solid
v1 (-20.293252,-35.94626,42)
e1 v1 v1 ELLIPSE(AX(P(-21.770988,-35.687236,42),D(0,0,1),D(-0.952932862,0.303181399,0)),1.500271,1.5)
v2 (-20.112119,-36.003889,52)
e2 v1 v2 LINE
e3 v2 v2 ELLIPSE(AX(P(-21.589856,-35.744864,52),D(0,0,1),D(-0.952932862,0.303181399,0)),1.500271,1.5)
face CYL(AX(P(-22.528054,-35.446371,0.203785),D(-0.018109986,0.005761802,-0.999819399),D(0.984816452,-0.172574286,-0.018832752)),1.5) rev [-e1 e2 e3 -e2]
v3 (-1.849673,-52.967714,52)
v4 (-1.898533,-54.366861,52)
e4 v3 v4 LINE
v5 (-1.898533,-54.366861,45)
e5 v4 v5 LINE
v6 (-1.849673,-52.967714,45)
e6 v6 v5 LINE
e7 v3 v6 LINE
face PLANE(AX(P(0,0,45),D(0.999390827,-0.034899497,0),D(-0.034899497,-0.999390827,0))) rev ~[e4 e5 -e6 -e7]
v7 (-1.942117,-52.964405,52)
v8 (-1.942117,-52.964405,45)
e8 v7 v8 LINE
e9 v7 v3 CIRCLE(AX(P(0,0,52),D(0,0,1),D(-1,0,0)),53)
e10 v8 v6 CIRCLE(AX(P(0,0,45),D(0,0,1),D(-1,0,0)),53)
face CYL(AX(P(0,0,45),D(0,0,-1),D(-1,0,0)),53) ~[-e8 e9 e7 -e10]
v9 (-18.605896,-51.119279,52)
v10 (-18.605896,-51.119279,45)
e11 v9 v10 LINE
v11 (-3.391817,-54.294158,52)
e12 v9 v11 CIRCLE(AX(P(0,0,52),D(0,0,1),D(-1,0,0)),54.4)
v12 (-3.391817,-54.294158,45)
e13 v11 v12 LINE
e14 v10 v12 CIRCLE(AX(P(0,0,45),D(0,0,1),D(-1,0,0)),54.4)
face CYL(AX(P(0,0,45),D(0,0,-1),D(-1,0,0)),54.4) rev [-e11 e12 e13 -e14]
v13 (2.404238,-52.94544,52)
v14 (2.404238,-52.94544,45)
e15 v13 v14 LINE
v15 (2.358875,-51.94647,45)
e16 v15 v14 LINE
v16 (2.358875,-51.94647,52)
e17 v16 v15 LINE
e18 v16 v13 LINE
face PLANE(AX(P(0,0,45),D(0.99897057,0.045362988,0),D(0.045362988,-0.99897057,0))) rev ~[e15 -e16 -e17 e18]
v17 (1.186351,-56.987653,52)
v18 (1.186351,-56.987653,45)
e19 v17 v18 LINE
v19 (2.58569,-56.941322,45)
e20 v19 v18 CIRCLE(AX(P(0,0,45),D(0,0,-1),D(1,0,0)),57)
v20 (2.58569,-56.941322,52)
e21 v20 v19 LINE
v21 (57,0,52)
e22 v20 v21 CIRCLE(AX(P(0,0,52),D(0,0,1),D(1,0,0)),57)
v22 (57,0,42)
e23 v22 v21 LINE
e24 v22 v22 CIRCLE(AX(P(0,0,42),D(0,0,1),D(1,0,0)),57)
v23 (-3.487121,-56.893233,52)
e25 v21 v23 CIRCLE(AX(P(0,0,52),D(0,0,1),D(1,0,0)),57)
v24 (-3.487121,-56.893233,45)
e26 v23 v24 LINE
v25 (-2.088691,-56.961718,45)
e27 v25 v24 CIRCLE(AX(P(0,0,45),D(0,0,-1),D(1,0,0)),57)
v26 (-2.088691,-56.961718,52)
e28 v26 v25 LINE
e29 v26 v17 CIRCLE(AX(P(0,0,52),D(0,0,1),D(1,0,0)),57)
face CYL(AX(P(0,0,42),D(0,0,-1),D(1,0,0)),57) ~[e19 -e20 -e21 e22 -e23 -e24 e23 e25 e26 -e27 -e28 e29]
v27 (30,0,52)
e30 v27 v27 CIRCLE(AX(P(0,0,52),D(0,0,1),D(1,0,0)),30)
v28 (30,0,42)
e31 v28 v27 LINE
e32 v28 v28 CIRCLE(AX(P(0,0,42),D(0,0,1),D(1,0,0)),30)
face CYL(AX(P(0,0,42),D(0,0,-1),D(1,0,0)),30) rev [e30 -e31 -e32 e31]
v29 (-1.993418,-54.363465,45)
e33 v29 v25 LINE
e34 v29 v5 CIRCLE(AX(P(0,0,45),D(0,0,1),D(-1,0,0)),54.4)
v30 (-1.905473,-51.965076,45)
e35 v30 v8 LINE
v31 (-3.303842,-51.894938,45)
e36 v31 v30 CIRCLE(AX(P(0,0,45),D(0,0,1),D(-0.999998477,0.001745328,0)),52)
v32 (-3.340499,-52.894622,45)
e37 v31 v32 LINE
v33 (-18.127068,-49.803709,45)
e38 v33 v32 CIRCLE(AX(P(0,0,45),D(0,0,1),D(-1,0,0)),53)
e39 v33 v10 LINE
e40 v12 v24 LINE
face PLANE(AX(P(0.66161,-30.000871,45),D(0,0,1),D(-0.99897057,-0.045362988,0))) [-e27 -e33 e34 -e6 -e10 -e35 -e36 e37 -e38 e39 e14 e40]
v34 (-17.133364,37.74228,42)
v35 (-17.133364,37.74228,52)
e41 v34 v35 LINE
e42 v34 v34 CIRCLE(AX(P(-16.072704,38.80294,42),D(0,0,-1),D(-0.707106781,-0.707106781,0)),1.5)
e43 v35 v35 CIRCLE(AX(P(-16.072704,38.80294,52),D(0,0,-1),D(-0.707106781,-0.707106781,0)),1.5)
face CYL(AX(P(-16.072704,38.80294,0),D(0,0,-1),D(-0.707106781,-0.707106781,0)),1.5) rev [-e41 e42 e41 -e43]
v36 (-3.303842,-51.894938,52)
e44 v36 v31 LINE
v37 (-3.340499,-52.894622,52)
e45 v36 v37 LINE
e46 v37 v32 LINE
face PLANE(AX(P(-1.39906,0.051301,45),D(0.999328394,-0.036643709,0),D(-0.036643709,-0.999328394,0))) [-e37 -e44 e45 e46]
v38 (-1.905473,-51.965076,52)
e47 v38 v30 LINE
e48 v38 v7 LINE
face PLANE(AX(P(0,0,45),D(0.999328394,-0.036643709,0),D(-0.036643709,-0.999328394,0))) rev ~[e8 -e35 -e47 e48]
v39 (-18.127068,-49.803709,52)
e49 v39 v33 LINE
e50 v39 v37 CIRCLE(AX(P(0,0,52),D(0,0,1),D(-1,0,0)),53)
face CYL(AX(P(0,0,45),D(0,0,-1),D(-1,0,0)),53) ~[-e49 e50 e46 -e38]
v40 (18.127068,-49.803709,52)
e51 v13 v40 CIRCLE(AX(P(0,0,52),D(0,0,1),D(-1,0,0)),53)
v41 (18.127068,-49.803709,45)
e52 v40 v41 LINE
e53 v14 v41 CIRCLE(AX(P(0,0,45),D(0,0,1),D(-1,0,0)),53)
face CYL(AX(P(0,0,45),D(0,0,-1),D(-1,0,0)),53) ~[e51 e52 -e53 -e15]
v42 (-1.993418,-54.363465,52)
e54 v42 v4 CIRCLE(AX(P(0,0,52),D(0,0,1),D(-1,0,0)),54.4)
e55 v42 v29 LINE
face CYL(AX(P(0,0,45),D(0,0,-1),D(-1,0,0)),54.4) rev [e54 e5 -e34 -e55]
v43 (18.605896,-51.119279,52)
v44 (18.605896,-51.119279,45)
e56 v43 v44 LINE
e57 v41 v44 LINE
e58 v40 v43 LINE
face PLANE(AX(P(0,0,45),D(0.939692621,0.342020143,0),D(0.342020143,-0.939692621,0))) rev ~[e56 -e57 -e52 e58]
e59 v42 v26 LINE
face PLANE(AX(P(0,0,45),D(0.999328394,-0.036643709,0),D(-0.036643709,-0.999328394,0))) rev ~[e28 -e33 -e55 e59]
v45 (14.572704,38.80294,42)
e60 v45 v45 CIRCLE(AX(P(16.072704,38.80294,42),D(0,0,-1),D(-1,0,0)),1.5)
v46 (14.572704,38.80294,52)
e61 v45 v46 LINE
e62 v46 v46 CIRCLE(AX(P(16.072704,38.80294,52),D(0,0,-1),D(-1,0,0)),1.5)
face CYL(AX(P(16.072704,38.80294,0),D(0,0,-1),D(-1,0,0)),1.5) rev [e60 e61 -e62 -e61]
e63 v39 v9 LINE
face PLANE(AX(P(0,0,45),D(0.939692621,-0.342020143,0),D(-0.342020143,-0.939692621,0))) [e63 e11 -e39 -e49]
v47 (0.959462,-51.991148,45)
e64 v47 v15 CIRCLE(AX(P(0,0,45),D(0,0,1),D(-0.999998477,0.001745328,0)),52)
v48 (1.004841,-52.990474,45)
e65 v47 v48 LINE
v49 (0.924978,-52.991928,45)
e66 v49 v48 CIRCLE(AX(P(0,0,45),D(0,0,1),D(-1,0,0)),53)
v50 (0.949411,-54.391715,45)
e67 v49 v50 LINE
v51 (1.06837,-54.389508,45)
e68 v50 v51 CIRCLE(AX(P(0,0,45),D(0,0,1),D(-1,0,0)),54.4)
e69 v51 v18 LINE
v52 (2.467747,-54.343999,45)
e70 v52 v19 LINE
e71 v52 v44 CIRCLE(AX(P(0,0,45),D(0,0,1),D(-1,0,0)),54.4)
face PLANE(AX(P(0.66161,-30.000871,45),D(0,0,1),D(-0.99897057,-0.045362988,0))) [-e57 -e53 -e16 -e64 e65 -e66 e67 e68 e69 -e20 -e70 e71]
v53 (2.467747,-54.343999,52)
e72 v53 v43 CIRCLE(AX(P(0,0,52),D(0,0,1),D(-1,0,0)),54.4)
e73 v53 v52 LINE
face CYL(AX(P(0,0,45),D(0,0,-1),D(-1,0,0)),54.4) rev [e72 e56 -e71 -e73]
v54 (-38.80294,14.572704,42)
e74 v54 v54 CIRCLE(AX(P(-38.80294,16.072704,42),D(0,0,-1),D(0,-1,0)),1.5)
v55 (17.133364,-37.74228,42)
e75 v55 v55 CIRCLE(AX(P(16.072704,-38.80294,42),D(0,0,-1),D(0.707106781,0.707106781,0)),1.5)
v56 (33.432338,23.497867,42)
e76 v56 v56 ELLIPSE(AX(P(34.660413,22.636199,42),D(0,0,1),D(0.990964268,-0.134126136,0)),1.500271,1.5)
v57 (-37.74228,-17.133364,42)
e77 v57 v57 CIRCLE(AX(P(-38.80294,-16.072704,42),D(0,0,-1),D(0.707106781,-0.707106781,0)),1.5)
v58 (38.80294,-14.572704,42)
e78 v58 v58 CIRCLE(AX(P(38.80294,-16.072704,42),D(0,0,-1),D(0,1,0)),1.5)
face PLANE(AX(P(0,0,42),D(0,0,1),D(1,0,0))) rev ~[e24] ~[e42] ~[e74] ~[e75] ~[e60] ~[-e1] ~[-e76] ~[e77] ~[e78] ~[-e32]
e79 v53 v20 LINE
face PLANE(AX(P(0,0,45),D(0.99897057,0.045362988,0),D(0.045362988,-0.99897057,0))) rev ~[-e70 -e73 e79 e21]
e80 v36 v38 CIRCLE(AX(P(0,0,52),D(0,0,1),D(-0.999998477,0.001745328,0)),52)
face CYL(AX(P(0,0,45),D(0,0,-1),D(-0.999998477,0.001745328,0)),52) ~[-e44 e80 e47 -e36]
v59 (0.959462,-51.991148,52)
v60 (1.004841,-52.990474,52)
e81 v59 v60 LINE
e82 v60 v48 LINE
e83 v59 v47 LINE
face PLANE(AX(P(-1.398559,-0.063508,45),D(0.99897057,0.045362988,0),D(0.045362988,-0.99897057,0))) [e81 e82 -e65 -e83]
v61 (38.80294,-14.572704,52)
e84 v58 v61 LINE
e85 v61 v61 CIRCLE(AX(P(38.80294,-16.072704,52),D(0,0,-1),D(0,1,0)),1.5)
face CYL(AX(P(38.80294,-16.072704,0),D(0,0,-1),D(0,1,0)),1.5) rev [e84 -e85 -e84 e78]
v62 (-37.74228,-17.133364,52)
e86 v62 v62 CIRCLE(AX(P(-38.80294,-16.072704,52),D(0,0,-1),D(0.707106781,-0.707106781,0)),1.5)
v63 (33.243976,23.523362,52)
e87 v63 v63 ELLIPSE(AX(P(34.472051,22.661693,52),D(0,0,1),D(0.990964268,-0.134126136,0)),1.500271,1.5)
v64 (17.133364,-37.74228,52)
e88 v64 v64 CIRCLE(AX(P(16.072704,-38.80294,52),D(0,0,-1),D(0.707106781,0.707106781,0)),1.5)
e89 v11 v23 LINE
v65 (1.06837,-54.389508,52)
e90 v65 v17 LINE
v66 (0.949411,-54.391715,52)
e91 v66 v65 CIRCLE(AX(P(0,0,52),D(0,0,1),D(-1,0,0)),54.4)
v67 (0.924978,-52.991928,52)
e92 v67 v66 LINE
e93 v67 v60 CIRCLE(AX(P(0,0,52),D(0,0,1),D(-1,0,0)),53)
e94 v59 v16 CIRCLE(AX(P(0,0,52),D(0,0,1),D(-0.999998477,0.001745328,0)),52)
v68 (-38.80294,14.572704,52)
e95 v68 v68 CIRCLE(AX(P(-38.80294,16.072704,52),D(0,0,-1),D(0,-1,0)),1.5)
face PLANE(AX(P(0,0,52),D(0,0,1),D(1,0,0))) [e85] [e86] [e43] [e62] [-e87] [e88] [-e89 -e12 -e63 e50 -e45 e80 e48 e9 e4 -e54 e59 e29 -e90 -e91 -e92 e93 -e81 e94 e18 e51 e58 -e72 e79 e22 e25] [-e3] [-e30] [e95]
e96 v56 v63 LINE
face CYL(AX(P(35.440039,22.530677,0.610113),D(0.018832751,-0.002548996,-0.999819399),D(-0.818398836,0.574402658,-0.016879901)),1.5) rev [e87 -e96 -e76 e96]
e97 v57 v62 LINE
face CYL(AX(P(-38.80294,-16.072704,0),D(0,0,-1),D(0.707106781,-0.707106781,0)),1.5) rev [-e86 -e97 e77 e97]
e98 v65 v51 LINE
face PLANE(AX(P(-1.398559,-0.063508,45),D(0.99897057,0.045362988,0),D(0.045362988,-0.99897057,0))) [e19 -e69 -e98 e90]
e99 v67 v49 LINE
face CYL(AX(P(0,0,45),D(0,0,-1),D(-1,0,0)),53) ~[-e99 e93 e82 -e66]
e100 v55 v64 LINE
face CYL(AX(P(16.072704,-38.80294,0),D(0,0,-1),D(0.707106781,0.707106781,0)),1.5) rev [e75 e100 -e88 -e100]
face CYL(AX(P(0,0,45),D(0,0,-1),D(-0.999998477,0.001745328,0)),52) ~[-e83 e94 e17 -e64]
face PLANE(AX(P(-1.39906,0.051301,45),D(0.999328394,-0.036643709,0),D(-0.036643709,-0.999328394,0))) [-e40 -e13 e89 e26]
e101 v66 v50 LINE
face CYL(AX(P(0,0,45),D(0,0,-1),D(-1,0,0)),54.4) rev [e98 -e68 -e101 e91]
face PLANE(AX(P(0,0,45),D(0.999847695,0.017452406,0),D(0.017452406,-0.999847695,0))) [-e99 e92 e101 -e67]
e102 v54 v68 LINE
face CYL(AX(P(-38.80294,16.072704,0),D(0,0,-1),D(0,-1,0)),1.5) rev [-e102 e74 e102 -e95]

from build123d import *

# Parameters (mm, degrees)
CYLINDER689_R               = 52
CYLINDER689_DEPTH           = 7
BOX302_W                    = 1.4
BOX302_H                    = 60
BOX302_DEPTH                = 7
BOX302_PLACEMENT_ANGLE      = 2.7
BOX301_W                    = 1.4
BOX301_H                    = 60
BOX301_DEPTH                = 7
BOX301_PLACEMENT_ANGLE      = 2
CUT310_PLACEMENT_ANGLE      = 179.9
BOX306_W                    = 60
BOX306_H                    = 60
BOX306_DEPTH                = 7
BOX306_PLACEMENT_ANGLE      = 1
BOX305_W                    = 60
BOX305_H                    = 60
BOX305_DEPTH                = 7
BOX305_PLACEMENT_ANGLE      = 2
BOX304_W                    = 120
BOX304_H                    = 60
BOX304_DEPTH                = 7
TUBE074_R                   = 54.4
TUBE074_R_2                 = 53
TUBE074_DEPTH               = 7
BOX299_W                    = 60
BOX299_H                    = 60
BOX299_DEPTH                = 7
BOX299_PLACEMENT_ANGLE      = 20
BOX298_W                    = 60
BOX298_H                    = 60
BOX298_DEPTH                = 7
BOX298_PLACEMENT_ANGLE      = 20
BOX300_W                    = 120
BOX300_H                    = 60
BOX300_DEPTH                = 7
TUBE071_R                   = 54.4
TUBE071_R_2                 = 53
TUBE071_DEPTH               = 7
CUT314_PLACEMENT_ANGLE      = 180
CYLINDER484_R               = 1.5
CYLINDER484_DEPTH           = 100
CYLINDER486_R               = 1.5
CYLINDER486_DEPTH           = 100
CYLINDER486_ROLL_ANGLE      = -0.500355
CYLINDER486_PITCH_ANGLE     = 0.967193
CYLINDER486_PLACEMENT_ANGLE = 144.93646
CYLINDER489_R               = 1.5
CYLINDER489_DEPTH           = 100
CYLINDER490_R               = 1.5
CYLINDER490_DEPTH           = 100
CYLINDER490_PLACEMENT_ANGLE = 225
CYLINDER487_R               = 1.5
CYLINDER487_DEPTH           = 100
CYLINDER488_R               = 1.5
CYLINDER488_DEPTH           = 100
CYLINDER488_PLACEMENT_ANGLE = 45
CYLINDER491_R               = 1.5
CYLINDER491_DEPTH           = 100
CYLINDER491_ROLL_ANGLE      = 0.146073
CYLINDER491_PITCH_ANGLE     = 1.079101
CYLINDER491_PLACEMENT_ANGLE = -9.939308
CYLINDER485_R               = 1.5
CYLINDER485_DEPTH           = 100
CYLINDER485_PLACEMENT_ANGLE = 45
TUBE026_R                   = 57
TUBE026_R_2                 = 30
TUBE026_DEPTH               = 10


with BuildPart() as v_lec689:
    # Cylinder689 → Cylinder689 (new body)
    with BuildSketch(Plane.XY.offset(-22)):
        Circle(CYLINDER689_R)
    extrude(amount=CYLINDER689_DEPTH)


with BuildPart() as krychle302:
    # Box302 → Box302 (new body)
    with BuildSketch(Plane.XY):
        with Locations((0.7, 30)):
            Rectangle(BOX302_W, BOX302_H)
    extrude(amount=BOX302_DEPTH)


with BuildPart() as krychle302_1:
    # Box302 placement: moved
    add(krychle302.part.moved(Location((0, 0, -22))).rotate(Axis((0, 0, -22), (0, 0, 1)), BOX302_PLACEMENT_ANGLE))


with BuildPart() as cut310:
    # Box301 → Box301 (new body)
    with BuildSketch(Plane.XY):
        with Locations((0.7, 30)):
            Rectangle(BOX301_W, BOX301_H)
    extrude(amount=BOX301_DEPTH)


with BuildPart() as cut310_1:
    # Box301 placement: moved
    add(cut310.part.moved(Location((0, 0, -22))).rotate(Axis((0, 0, -22), (0, 0, -1)), BOX301_PLACEMENT_ANGLE))

    # Compound691: union Krychle302
    add(krychle302_1.part)

    # Cut310: cut Válec689
    add(v_lec689.part, mode=Mode.SUBTRACT)


with BuildPart() as cut310_2:
    # Cut310 placement: moved
    add(cut310_1.part.moved(Location((0, 0, 67))).rotate(Axis((0, 0, 67), (0, 0, 1)), CUT310_PLACEMENT_ANGLE))


with BuildPart() as krychle306:
    # Box306 → Box306 (new body)
    with BuildSketch(Plane.XY):
        with Locations((30, 30)):
            Rectangle(BOX306_W, BOX306_H)
    extrude(amount=BOX306_DEPTH)


with BuildPart() as krychle306_1:
    # Box306 placement: moved
    add(krychle306.part.moved(Location((-59.990862, -1.047144, -22))).rotate(Axis((-59.990862, -1.047144, -22), (0, 0, 1)), BOX306_PLACEMENT_ANGLE))


with BuildPart() as compound694:
    # Box305 → Box305 (new body)
    with BuildSketch(Plane.XY):
        with Locations((30, 30)):
            Rectangle(BOX305_W, BOX305_H)
    extrude(amount=BOX305_DEPTH)


with BuildPart() as compound694_1:
    # Box305 placement: moved
    add(compound694.part.moved(Location((0, 0, -22))).rotate(Axis((0, 0, -22), (0, 0, -1)), BOX305_PLACEMENT_ANGLE))

    # Compound694: union Krychle306
    add(krychle306_1.part)


with BuildPart() as krychle304:
    # Box304 → Box304 (new body)
    with BuildSketch(Plane(origin=(-60, -60, -22), x_dir=(1, 0, 0), z_dir=(0, 0, 1))):
        with Locations((60, 30)):
            Rectangle(BOX304_W, BOX304_H)
    extrude(amount=BOX304_DEPTH)


with BuildPart() as cut313:
    # Tube074 → Tube074 (new body)
    with BuildSketch(Plane.XY.offset(-22)):
        Circle(TUBE074_R)
        Circle(TUBE074_R_2, mode=Mode.SUBTRACT)
    extrude(amount=TUBE074_DEPTH)

    # Cut312: cut Krychle304
    add(krychle304.part, mode=Mode.SUBTRACT)

    # Cut313: cut Compound694
    add(compound694_1.part, mode=Mode.SUBTRACT)


with BuildPart() as cut313_1:
    # Cut313 placement: moved
    add(cut313.part.moved(Location((0, 0, -7))))


with BuildPart() as krychle299:
    # Box299 → Box299 (new body)
    with BuildSketch(Plane.XY):
        with Locations((30, 30)):
            Rectangle(BOX299_W, BOX299_H)
    extrude(amount=BOX299_DEPTH)


with BuildPart() as krychle299_1:
    # Box299 placement: moved
    add(krychle299.part.moved(Location((-56.381557, -20.521209, -22))).rotate(Axis((-56.381557, -20.521209, -22), (0, 0, 1)), BOX299_PLACEMENT_ANGLE))


with BuildPart() as compound690:
    # Box298 → Box298 (new body)
    with BuildSketch(Plane.XY):
        with Locations((30, 30)):
            Rectangle(BOX298_W, BOX298_H)
    extrude(amount=BOX298_DEPTH)


with BuildPart() as compound690_1:
    # Box298 placement: moved
    add(compound690.part.moved(Location((0, 0, -22))).rotate(Axis((0, 0, -22), (0, 0, -1)), BOX298_PLACEMENT_ANGLE))

    # Compound690: union Krychle299
    add(krychle299_1.part)


with BuildPart() as krychle300:
    # Box300 → Box300 (new body)
    with BuildSketch(Plane(origin=(-60, -60, -22), x_dir=(1, 0, 0), z_dir=(0, 0, 1))):
        with Locations((60, 30)):
            Rectangle(BOX300_W, BOX300_H)
    extrude(amount=BOX300_DEPTH)


with BuildPart() as cut314:
    # Tube071 → Tube071 (new body)
    with BuildSketch(Plane.XY.offset(-22)):
        Circle(TUBE071_R)
        Circle(TUBE071_R_2, mode=Mode.SUBTRACT)
    extrude(amount=TUBE071_DEPTH)

    # Cut308: cut Krychle300
    add(krychle300.part, mode=Mode.SUBTRACT)

    # Cut309: cut Compound690
    add(compound690_1.part, mode=Mode.SUBTRACT)


with BuildPart() as cut314_1:
    # Cut309 placement: moved
    add(cut314.part.moved(Location((0, 0, -7))))

    # Cut314: cut Cut313
    add(cut313_1.part, mode=Mode.SUBTRACT)


with BuildPart() as cut314_2:
    # Cut314 placement: moved
    add(cut314_1.part.moved(Location((0, 0, 74))).rotate(Axis((0, 0, 74), (0, 0, 1)), CUT314_PLACEMENT_ANGLE))


with BuildPart() as v_lec484:
    # Cylinder484 → Cylinder484 (new body)
    with BuildSketch(Plane(origin=(38.80294, -16.072704, 0), x_dir=(0, 1, 0), z_dir=(0, 0, 1))):
        Circle(CYLINDER484_R)
    extrude(amount=CYLINDER484_DEPTH)


with BuildPart() as v_lec486:
    # Cylinder486 → Cylinder486 (new body)
    with BuildSketch(Plane.XY):
        Circle(CYLINDER486_R)
    extrude(amount=CYLINDER486_DEPTH)


with BuildPart() as v_lec486_1:
    # Cylinder486 roll: moved
    add(v_lec486.part.rotate(Axis((0, 0, 0), (1, 0, 0)), CYLINDER486_ROLL_ANGLE))


with BuildPart() as v_lec486_2:
    # Cylinder486 pitch: moved
    add(v_lec486_1.part.rotate(Axis((0, 0, 0), (0, 1, 0)), CYLINDER486_PITCH_ANGLE))


with BuildPart() as v_lec486_3:
    # Cylinder486 placement: moved
    add(v_lec486_2.part.moved(Location((35.440039, 22.530677, 0.610113))).rotate(Axis((35.440039, 22.530677, 0.610113), (0, 0, 1)), CYLINDER486_PLACEMENT_ANGLE))


with BuildPart() as v_lec489:
    # Cylinder489 → Cylinder489 (new body)
    with BuildSketch(Plane(origin=(16.072704, 38.80294, 0), x_dir=(-1, 0, 0), z_dir=(0, 0, 1))):
        Circle(CYLINDER489_R)
    extrude(amount=CYLINDER489_DEPTH)


with BuildPart() as v_lec490:
    # Cylinder490 → Cylinder490 (new body)
    with BuildSketch(Plane.XY):
        Circle(CYLINDER490_R)
    extrude(amount=CYLINDER490_DEPTH)


with BuildPart() as v_lec490_1:
    # Cylinder490 placement: moved
    add(v_lec490.part.moved(Location((-16.072704, 38.80294, 0))).rotate(Axis((-16.072704, 38.80294, 0), (0, 0, 1)), CYLINDER490_PLACEMENT_ANGLE))


with BuildPart() as v_lec487:
    # Cylinder487 → Cylinder487 (new body)
    with BuildSketch(Plane(origin=(-38.80294, 16.072704, 0), x_dir=(0, -1, 0), z_dir=(0, 0, 1))):
        Circle(CYLINDER487_R)
    extrude(amount=CYLINDER487_DEPTH)


with BuildPart() as v_lec488:
    # Cylinder488 → Cylinder488 (new body)
    with BuildSketch(Plane.XY):
        Circle(CYLINDER488_R)
    extrude(amount=CYLINDER488_DEPTH)


with BuildPart() as v_lec488_1:
    # Cylinder488 placement: moved
    add(v_lec488.part.moved(Location((-38.80294, -16.072704, 0))).rotate(Axis((-38.80294, -16.072704, 0), (0, 0, -1)), CYLINDER488_PLACEMENT_ANGLE))


with BuildPart() as v_lec491:
    # Cylinder491 → Cylinder491 (new body)
    with BuildSketch(Plane.XY):
        Circle(CYLINDER491_R)
    extrude(amount=CYLINDER491_DEPTH)


with BuildPart() as v_lec491_1:
    # Cylinder491 roll: moved
    add(v_lec491.part.rotate(Axis((0, 0, 0), (1, 0, 0)), CYLINDER491_ROLL_ANGLE))


with BuildPart() as v_lec491_2:
    # Cylinder491 pitch: moved
    add(v_lec491_1.part.rotate(Axis((0, 0, 0), (0, 1, 0)), CYLINDER491_PITCH_ANGLE))


with BuildPart() as v_lec491_3:
    # Cylinder491 placement: moved
    add(v_lec491_2.part.moved(Location((-22.528054, -35.446371, 0.203785))).rotate(Axis((-22.528054, -35.446371, 0.203785), (0, 0, 1)), CYLINDER491_PLACEMENT_ANGLE))


with BuildPart() as compound339:
    # Cylinder485 → Cylinder485 (new body)
    with BuildSketch(Plane.XY):
        Circle(CYLINDER485_R)
    extrude(amount=CYLINDER485_DEPTH)


with BuildPart() as compound339_1:
    # Cylinder485 placement: moved
    add(compound339.part.moved(Location((16.072704, -38.80294, 0))).rotate(Axis((16.072704, -38.80294, 0), (0, 0, 1)), CYLINDER485_PLACEMENT_ANGLE))

    # Compound339: union Válec484, Válec486, Válec489, Válec490, Válec487, Válec488, Válec491
    add(v_lec484.part)
    add(v_lec486_3.part)
    add(v_lec489.part)
    add(v_lec490_1.part)
    add(v_lec487.part)
    add(v_lec488_1.part)
    add(v_lec491_3.part)


with BuildPart() as cut316:
    # Tube026 → Tube026 (new body)
    with BuildSketch(Plane.XY.offset(42)):
        Circle(TUBE026_R)
        Circle(TUBE026_R_2, mode=Mode.SUBTRACT)
    extrude(amount=TUBE026_DEPTH)

    # Cut175: cut Compound339
    add(compound339_1.part, mode=Mode.SUBTRACT)

    # Cut315: cut Cut314
    add(cut314_2.part, mode=Mode.SUBTRACT)

    # Cut316: cut Cut310
    add(cut310_2.part, mode=Mode.SUBTRACT)


solid = cut316.part
